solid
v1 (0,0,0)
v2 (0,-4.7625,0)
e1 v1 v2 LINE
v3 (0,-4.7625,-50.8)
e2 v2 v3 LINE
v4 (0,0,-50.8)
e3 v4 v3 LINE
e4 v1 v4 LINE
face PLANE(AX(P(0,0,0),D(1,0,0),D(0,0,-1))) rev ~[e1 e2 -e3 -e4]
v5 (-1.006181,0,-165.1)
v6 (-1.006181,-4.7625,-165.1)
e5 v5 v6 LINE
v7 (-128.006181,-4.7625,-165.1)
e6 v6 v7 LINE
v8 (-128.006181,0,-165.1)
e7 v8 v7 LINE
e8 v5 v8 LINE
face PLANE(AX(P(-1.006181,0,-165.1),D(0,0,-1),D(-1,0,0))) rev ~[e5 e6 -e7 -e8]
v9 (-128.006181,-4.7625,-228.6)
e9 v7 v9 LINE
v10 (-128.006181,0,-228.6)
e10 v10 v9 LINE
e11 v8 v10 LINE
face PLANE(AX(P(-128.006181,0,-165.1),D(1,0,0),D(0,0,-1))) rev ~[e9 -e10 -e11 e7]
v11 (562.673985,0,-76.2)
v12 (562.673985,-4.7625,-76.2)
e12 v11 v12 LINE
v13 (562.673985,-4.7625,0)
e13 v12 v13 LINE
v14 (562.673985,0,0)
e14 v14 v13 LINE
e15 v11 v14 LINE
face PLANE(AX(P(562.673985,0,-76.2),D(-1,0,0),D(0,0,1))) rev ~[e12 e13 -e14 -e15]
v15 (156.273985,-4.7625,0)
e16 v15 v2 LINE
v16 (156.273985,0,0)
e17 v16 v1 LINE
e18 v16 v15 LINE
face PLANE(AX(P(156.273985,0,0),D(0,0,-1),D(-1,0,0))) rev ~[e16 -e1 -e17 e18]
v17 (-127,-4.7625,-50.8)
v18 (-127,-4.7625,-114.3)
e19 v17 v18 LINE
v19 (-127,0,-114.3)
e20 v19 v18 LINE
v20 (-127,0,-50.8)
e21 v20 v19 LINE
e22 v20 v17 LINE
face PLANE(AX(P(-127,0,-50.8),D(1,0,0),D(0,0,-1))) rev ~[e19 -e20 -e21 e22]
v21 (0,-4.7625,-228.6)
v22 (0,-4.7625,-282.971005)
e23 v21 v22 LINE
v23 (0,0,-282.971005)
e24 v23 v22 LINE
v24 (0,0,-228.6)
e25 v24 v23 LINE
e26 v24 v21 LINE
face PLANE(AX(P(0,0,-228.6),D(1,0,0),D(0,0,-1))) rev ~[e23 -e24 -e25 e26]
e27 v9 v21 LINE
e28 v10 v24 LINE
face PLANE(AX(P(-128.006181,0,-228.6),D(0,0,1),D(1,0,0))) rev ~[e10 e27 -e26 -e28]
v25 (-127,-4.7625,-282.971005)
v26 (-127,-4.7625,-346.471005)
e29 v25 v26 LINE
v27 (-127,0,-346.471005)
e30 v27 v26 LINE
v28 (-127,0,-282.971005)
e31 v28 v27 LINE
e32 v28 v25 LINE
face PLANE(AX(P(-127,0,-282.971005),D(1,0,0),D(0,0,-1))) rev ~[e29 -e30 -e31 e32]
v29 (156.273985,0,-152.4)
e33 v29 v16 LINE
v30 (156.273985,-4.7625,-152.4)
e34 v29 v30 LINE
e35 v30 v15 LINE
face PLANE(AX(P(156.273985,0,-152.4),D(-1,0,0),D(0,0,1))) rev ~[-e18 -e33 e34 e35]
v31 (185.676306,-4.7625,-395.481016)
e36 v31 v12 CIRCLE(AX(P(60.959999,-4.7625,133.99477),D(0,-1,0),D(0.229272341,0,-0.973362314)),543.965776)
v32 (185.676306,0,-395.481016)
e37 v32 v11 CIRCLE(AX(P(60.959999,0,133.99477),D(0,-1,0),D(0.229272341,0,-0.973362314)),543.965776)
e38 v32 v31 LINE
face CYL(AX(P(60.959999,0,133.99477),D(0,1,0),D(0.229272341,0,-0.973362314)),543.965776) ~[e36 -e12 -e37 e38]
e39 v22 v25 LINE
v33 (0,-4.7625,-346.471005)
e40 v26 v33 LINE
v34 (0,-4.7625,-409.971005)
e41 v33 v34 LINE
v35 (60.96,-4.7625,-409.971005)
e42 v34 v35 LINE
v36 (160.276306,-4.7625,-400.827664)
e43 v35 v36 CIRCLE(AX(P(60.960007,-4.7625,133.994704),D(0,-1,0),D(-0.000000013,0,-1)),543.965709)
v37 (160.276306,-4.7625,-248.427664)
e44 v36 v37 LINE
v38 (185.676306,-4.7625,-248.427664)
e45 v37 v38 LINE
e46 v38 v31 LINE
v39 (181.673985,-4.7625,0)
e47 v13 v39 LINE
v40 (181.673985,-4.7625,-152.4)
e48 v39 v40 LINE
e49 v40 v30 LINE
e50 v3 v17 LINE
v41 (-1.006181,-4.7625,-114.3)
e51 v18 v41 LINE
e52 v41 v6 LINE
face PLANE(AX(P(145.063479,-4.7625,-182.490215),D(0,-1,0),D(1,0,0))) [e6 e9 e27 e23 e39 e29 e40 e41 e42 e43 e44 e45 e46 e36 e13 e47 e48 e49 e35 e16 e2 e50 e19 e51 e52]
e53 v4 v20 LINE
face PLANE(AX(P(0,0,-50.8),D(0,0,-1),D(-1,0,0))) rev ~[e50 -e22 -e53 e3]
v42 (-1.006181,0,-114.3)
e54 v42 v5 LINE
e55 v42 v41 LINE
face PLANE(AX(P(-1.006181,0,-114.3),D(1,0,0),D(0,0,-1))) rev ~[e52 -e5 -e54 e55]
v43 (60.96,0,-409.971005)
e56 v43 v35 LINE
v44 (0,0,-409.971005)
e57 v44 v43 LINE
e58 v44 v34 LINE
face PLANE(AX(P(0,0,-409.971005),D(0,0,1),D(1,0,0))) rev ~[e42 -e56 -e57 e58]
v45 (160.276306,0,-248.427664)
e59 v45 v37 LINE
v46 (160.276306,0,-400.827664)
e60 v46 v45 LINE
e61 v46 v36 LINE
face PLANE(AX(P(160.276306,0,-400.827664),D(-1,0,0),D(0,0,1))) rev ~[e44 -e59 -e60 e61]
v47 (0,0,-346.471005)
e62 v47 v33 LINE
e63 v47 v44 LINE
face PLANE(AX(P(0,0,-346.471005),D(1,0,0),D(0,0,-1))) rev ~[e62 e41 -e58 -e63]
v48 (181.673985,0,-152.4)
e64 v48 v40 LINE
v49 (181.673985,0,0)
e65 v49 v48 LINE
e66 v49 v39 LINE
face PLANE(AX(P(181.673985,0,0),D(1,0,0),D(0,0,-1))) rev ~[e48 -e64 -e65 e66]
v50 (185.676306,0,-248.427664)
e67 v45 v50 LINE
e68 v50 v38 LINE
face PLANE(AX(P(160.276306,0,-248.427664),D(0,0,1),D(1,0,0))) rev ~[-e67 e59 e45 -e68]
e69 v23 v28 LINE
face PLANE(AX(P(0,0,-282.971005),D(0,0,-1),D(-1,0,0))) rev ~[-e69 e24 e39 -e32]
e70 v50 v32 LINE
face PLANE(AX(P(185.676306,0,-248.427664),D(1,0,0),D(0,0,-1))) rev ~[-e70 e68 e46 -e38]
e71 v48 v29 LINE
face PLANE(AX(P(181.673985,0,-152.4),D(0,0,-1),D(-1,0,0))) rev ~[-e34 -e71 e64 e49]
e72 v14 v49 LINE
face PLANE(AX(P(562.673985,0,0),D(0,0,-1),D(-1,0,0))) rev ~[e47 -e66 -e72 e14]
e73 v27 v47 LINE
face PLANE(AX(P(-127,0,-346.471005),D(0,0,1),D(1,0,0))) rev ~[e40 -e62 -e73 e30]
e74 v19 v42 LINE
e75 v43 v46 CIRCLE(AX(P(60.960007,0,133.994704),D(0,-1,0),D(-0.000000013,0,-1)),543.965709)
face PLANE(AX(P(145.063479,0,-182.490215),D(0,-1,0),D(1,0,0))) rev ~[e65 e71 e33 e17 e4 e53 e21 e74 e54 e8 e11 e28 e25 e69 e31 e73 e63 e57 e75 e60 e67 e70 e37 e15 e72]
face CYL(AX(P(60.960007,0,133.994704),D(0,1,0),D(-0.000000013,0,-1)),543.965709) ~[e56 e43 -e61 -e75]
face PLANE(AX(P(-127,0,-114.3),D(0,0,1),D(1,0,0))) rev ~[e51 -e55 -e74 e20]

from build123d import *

# Parameters (mm, degrees)
F1_DEPTH = 4.7625


with BuildPart() as f1:
    # F0 (on Front) → F1 (new body)
    with BuildSketch(Plane.XZ):
        with BuildLine():
            Line((0, -346.471005), (0, -409.971005))
            Line((0, -409.971005), (60.96, -409.971005))
            ThreePointArc((60.96, -409.971005), (110.82815, -407.680347), (160.276306, -400.827664))
            Line((160.276306, -400.827664), (160.276306, -248.427664))
            Line((160.276306, -248.427664), (185.676306, -248.427664))
            Line((185.676306, -248.427664), (185.676306, -395.481016))
            ThreePointArc((185.676306, -395.481016), (412.512015, -281.107561), (562.673985, -76.2))
            Line((562.673985, -76.2), (562.673985, 0))
            Line((562.673985, 0), (181.673985, 0))
            Line((181.673985, 0), (181.673985, -152.4))
            Line((181.673985, -152.4), (156.273985, -152.4))
            Line((156.273985, -152.4), (156.273985, 0))
            Line((156.273985, 0), (0, 0))
            Line((0, 0), (0, -50.8))
            Line((0, -50.8), (-127, -50.8))
            Line((-127, -50.8), (-127, -114.3))
            Line((-127, -114.3), (-1.006181, -114.3))
            Line((-1.006181, -114.3), (-1.006181, -165.1))
            Line((-1.006181, -165.1), (-128.006181, -165.1))
            Line((-128.006181, -165.1), (-128.006181, -228.6))
            Line((-128.006181, -228.6), (0, -228.6))
            Line((0, -228.6), (0, -282.971005))
            Line((0, -282.971005), (-127, -282.971005))
            Line((-127, -282.971005), (-127, -346.471005))
            Line((-127, -346.471005), (0, -346.471005))
        make_face()
    extrude(amount=F1_DEPTH)


solid = f1.part
